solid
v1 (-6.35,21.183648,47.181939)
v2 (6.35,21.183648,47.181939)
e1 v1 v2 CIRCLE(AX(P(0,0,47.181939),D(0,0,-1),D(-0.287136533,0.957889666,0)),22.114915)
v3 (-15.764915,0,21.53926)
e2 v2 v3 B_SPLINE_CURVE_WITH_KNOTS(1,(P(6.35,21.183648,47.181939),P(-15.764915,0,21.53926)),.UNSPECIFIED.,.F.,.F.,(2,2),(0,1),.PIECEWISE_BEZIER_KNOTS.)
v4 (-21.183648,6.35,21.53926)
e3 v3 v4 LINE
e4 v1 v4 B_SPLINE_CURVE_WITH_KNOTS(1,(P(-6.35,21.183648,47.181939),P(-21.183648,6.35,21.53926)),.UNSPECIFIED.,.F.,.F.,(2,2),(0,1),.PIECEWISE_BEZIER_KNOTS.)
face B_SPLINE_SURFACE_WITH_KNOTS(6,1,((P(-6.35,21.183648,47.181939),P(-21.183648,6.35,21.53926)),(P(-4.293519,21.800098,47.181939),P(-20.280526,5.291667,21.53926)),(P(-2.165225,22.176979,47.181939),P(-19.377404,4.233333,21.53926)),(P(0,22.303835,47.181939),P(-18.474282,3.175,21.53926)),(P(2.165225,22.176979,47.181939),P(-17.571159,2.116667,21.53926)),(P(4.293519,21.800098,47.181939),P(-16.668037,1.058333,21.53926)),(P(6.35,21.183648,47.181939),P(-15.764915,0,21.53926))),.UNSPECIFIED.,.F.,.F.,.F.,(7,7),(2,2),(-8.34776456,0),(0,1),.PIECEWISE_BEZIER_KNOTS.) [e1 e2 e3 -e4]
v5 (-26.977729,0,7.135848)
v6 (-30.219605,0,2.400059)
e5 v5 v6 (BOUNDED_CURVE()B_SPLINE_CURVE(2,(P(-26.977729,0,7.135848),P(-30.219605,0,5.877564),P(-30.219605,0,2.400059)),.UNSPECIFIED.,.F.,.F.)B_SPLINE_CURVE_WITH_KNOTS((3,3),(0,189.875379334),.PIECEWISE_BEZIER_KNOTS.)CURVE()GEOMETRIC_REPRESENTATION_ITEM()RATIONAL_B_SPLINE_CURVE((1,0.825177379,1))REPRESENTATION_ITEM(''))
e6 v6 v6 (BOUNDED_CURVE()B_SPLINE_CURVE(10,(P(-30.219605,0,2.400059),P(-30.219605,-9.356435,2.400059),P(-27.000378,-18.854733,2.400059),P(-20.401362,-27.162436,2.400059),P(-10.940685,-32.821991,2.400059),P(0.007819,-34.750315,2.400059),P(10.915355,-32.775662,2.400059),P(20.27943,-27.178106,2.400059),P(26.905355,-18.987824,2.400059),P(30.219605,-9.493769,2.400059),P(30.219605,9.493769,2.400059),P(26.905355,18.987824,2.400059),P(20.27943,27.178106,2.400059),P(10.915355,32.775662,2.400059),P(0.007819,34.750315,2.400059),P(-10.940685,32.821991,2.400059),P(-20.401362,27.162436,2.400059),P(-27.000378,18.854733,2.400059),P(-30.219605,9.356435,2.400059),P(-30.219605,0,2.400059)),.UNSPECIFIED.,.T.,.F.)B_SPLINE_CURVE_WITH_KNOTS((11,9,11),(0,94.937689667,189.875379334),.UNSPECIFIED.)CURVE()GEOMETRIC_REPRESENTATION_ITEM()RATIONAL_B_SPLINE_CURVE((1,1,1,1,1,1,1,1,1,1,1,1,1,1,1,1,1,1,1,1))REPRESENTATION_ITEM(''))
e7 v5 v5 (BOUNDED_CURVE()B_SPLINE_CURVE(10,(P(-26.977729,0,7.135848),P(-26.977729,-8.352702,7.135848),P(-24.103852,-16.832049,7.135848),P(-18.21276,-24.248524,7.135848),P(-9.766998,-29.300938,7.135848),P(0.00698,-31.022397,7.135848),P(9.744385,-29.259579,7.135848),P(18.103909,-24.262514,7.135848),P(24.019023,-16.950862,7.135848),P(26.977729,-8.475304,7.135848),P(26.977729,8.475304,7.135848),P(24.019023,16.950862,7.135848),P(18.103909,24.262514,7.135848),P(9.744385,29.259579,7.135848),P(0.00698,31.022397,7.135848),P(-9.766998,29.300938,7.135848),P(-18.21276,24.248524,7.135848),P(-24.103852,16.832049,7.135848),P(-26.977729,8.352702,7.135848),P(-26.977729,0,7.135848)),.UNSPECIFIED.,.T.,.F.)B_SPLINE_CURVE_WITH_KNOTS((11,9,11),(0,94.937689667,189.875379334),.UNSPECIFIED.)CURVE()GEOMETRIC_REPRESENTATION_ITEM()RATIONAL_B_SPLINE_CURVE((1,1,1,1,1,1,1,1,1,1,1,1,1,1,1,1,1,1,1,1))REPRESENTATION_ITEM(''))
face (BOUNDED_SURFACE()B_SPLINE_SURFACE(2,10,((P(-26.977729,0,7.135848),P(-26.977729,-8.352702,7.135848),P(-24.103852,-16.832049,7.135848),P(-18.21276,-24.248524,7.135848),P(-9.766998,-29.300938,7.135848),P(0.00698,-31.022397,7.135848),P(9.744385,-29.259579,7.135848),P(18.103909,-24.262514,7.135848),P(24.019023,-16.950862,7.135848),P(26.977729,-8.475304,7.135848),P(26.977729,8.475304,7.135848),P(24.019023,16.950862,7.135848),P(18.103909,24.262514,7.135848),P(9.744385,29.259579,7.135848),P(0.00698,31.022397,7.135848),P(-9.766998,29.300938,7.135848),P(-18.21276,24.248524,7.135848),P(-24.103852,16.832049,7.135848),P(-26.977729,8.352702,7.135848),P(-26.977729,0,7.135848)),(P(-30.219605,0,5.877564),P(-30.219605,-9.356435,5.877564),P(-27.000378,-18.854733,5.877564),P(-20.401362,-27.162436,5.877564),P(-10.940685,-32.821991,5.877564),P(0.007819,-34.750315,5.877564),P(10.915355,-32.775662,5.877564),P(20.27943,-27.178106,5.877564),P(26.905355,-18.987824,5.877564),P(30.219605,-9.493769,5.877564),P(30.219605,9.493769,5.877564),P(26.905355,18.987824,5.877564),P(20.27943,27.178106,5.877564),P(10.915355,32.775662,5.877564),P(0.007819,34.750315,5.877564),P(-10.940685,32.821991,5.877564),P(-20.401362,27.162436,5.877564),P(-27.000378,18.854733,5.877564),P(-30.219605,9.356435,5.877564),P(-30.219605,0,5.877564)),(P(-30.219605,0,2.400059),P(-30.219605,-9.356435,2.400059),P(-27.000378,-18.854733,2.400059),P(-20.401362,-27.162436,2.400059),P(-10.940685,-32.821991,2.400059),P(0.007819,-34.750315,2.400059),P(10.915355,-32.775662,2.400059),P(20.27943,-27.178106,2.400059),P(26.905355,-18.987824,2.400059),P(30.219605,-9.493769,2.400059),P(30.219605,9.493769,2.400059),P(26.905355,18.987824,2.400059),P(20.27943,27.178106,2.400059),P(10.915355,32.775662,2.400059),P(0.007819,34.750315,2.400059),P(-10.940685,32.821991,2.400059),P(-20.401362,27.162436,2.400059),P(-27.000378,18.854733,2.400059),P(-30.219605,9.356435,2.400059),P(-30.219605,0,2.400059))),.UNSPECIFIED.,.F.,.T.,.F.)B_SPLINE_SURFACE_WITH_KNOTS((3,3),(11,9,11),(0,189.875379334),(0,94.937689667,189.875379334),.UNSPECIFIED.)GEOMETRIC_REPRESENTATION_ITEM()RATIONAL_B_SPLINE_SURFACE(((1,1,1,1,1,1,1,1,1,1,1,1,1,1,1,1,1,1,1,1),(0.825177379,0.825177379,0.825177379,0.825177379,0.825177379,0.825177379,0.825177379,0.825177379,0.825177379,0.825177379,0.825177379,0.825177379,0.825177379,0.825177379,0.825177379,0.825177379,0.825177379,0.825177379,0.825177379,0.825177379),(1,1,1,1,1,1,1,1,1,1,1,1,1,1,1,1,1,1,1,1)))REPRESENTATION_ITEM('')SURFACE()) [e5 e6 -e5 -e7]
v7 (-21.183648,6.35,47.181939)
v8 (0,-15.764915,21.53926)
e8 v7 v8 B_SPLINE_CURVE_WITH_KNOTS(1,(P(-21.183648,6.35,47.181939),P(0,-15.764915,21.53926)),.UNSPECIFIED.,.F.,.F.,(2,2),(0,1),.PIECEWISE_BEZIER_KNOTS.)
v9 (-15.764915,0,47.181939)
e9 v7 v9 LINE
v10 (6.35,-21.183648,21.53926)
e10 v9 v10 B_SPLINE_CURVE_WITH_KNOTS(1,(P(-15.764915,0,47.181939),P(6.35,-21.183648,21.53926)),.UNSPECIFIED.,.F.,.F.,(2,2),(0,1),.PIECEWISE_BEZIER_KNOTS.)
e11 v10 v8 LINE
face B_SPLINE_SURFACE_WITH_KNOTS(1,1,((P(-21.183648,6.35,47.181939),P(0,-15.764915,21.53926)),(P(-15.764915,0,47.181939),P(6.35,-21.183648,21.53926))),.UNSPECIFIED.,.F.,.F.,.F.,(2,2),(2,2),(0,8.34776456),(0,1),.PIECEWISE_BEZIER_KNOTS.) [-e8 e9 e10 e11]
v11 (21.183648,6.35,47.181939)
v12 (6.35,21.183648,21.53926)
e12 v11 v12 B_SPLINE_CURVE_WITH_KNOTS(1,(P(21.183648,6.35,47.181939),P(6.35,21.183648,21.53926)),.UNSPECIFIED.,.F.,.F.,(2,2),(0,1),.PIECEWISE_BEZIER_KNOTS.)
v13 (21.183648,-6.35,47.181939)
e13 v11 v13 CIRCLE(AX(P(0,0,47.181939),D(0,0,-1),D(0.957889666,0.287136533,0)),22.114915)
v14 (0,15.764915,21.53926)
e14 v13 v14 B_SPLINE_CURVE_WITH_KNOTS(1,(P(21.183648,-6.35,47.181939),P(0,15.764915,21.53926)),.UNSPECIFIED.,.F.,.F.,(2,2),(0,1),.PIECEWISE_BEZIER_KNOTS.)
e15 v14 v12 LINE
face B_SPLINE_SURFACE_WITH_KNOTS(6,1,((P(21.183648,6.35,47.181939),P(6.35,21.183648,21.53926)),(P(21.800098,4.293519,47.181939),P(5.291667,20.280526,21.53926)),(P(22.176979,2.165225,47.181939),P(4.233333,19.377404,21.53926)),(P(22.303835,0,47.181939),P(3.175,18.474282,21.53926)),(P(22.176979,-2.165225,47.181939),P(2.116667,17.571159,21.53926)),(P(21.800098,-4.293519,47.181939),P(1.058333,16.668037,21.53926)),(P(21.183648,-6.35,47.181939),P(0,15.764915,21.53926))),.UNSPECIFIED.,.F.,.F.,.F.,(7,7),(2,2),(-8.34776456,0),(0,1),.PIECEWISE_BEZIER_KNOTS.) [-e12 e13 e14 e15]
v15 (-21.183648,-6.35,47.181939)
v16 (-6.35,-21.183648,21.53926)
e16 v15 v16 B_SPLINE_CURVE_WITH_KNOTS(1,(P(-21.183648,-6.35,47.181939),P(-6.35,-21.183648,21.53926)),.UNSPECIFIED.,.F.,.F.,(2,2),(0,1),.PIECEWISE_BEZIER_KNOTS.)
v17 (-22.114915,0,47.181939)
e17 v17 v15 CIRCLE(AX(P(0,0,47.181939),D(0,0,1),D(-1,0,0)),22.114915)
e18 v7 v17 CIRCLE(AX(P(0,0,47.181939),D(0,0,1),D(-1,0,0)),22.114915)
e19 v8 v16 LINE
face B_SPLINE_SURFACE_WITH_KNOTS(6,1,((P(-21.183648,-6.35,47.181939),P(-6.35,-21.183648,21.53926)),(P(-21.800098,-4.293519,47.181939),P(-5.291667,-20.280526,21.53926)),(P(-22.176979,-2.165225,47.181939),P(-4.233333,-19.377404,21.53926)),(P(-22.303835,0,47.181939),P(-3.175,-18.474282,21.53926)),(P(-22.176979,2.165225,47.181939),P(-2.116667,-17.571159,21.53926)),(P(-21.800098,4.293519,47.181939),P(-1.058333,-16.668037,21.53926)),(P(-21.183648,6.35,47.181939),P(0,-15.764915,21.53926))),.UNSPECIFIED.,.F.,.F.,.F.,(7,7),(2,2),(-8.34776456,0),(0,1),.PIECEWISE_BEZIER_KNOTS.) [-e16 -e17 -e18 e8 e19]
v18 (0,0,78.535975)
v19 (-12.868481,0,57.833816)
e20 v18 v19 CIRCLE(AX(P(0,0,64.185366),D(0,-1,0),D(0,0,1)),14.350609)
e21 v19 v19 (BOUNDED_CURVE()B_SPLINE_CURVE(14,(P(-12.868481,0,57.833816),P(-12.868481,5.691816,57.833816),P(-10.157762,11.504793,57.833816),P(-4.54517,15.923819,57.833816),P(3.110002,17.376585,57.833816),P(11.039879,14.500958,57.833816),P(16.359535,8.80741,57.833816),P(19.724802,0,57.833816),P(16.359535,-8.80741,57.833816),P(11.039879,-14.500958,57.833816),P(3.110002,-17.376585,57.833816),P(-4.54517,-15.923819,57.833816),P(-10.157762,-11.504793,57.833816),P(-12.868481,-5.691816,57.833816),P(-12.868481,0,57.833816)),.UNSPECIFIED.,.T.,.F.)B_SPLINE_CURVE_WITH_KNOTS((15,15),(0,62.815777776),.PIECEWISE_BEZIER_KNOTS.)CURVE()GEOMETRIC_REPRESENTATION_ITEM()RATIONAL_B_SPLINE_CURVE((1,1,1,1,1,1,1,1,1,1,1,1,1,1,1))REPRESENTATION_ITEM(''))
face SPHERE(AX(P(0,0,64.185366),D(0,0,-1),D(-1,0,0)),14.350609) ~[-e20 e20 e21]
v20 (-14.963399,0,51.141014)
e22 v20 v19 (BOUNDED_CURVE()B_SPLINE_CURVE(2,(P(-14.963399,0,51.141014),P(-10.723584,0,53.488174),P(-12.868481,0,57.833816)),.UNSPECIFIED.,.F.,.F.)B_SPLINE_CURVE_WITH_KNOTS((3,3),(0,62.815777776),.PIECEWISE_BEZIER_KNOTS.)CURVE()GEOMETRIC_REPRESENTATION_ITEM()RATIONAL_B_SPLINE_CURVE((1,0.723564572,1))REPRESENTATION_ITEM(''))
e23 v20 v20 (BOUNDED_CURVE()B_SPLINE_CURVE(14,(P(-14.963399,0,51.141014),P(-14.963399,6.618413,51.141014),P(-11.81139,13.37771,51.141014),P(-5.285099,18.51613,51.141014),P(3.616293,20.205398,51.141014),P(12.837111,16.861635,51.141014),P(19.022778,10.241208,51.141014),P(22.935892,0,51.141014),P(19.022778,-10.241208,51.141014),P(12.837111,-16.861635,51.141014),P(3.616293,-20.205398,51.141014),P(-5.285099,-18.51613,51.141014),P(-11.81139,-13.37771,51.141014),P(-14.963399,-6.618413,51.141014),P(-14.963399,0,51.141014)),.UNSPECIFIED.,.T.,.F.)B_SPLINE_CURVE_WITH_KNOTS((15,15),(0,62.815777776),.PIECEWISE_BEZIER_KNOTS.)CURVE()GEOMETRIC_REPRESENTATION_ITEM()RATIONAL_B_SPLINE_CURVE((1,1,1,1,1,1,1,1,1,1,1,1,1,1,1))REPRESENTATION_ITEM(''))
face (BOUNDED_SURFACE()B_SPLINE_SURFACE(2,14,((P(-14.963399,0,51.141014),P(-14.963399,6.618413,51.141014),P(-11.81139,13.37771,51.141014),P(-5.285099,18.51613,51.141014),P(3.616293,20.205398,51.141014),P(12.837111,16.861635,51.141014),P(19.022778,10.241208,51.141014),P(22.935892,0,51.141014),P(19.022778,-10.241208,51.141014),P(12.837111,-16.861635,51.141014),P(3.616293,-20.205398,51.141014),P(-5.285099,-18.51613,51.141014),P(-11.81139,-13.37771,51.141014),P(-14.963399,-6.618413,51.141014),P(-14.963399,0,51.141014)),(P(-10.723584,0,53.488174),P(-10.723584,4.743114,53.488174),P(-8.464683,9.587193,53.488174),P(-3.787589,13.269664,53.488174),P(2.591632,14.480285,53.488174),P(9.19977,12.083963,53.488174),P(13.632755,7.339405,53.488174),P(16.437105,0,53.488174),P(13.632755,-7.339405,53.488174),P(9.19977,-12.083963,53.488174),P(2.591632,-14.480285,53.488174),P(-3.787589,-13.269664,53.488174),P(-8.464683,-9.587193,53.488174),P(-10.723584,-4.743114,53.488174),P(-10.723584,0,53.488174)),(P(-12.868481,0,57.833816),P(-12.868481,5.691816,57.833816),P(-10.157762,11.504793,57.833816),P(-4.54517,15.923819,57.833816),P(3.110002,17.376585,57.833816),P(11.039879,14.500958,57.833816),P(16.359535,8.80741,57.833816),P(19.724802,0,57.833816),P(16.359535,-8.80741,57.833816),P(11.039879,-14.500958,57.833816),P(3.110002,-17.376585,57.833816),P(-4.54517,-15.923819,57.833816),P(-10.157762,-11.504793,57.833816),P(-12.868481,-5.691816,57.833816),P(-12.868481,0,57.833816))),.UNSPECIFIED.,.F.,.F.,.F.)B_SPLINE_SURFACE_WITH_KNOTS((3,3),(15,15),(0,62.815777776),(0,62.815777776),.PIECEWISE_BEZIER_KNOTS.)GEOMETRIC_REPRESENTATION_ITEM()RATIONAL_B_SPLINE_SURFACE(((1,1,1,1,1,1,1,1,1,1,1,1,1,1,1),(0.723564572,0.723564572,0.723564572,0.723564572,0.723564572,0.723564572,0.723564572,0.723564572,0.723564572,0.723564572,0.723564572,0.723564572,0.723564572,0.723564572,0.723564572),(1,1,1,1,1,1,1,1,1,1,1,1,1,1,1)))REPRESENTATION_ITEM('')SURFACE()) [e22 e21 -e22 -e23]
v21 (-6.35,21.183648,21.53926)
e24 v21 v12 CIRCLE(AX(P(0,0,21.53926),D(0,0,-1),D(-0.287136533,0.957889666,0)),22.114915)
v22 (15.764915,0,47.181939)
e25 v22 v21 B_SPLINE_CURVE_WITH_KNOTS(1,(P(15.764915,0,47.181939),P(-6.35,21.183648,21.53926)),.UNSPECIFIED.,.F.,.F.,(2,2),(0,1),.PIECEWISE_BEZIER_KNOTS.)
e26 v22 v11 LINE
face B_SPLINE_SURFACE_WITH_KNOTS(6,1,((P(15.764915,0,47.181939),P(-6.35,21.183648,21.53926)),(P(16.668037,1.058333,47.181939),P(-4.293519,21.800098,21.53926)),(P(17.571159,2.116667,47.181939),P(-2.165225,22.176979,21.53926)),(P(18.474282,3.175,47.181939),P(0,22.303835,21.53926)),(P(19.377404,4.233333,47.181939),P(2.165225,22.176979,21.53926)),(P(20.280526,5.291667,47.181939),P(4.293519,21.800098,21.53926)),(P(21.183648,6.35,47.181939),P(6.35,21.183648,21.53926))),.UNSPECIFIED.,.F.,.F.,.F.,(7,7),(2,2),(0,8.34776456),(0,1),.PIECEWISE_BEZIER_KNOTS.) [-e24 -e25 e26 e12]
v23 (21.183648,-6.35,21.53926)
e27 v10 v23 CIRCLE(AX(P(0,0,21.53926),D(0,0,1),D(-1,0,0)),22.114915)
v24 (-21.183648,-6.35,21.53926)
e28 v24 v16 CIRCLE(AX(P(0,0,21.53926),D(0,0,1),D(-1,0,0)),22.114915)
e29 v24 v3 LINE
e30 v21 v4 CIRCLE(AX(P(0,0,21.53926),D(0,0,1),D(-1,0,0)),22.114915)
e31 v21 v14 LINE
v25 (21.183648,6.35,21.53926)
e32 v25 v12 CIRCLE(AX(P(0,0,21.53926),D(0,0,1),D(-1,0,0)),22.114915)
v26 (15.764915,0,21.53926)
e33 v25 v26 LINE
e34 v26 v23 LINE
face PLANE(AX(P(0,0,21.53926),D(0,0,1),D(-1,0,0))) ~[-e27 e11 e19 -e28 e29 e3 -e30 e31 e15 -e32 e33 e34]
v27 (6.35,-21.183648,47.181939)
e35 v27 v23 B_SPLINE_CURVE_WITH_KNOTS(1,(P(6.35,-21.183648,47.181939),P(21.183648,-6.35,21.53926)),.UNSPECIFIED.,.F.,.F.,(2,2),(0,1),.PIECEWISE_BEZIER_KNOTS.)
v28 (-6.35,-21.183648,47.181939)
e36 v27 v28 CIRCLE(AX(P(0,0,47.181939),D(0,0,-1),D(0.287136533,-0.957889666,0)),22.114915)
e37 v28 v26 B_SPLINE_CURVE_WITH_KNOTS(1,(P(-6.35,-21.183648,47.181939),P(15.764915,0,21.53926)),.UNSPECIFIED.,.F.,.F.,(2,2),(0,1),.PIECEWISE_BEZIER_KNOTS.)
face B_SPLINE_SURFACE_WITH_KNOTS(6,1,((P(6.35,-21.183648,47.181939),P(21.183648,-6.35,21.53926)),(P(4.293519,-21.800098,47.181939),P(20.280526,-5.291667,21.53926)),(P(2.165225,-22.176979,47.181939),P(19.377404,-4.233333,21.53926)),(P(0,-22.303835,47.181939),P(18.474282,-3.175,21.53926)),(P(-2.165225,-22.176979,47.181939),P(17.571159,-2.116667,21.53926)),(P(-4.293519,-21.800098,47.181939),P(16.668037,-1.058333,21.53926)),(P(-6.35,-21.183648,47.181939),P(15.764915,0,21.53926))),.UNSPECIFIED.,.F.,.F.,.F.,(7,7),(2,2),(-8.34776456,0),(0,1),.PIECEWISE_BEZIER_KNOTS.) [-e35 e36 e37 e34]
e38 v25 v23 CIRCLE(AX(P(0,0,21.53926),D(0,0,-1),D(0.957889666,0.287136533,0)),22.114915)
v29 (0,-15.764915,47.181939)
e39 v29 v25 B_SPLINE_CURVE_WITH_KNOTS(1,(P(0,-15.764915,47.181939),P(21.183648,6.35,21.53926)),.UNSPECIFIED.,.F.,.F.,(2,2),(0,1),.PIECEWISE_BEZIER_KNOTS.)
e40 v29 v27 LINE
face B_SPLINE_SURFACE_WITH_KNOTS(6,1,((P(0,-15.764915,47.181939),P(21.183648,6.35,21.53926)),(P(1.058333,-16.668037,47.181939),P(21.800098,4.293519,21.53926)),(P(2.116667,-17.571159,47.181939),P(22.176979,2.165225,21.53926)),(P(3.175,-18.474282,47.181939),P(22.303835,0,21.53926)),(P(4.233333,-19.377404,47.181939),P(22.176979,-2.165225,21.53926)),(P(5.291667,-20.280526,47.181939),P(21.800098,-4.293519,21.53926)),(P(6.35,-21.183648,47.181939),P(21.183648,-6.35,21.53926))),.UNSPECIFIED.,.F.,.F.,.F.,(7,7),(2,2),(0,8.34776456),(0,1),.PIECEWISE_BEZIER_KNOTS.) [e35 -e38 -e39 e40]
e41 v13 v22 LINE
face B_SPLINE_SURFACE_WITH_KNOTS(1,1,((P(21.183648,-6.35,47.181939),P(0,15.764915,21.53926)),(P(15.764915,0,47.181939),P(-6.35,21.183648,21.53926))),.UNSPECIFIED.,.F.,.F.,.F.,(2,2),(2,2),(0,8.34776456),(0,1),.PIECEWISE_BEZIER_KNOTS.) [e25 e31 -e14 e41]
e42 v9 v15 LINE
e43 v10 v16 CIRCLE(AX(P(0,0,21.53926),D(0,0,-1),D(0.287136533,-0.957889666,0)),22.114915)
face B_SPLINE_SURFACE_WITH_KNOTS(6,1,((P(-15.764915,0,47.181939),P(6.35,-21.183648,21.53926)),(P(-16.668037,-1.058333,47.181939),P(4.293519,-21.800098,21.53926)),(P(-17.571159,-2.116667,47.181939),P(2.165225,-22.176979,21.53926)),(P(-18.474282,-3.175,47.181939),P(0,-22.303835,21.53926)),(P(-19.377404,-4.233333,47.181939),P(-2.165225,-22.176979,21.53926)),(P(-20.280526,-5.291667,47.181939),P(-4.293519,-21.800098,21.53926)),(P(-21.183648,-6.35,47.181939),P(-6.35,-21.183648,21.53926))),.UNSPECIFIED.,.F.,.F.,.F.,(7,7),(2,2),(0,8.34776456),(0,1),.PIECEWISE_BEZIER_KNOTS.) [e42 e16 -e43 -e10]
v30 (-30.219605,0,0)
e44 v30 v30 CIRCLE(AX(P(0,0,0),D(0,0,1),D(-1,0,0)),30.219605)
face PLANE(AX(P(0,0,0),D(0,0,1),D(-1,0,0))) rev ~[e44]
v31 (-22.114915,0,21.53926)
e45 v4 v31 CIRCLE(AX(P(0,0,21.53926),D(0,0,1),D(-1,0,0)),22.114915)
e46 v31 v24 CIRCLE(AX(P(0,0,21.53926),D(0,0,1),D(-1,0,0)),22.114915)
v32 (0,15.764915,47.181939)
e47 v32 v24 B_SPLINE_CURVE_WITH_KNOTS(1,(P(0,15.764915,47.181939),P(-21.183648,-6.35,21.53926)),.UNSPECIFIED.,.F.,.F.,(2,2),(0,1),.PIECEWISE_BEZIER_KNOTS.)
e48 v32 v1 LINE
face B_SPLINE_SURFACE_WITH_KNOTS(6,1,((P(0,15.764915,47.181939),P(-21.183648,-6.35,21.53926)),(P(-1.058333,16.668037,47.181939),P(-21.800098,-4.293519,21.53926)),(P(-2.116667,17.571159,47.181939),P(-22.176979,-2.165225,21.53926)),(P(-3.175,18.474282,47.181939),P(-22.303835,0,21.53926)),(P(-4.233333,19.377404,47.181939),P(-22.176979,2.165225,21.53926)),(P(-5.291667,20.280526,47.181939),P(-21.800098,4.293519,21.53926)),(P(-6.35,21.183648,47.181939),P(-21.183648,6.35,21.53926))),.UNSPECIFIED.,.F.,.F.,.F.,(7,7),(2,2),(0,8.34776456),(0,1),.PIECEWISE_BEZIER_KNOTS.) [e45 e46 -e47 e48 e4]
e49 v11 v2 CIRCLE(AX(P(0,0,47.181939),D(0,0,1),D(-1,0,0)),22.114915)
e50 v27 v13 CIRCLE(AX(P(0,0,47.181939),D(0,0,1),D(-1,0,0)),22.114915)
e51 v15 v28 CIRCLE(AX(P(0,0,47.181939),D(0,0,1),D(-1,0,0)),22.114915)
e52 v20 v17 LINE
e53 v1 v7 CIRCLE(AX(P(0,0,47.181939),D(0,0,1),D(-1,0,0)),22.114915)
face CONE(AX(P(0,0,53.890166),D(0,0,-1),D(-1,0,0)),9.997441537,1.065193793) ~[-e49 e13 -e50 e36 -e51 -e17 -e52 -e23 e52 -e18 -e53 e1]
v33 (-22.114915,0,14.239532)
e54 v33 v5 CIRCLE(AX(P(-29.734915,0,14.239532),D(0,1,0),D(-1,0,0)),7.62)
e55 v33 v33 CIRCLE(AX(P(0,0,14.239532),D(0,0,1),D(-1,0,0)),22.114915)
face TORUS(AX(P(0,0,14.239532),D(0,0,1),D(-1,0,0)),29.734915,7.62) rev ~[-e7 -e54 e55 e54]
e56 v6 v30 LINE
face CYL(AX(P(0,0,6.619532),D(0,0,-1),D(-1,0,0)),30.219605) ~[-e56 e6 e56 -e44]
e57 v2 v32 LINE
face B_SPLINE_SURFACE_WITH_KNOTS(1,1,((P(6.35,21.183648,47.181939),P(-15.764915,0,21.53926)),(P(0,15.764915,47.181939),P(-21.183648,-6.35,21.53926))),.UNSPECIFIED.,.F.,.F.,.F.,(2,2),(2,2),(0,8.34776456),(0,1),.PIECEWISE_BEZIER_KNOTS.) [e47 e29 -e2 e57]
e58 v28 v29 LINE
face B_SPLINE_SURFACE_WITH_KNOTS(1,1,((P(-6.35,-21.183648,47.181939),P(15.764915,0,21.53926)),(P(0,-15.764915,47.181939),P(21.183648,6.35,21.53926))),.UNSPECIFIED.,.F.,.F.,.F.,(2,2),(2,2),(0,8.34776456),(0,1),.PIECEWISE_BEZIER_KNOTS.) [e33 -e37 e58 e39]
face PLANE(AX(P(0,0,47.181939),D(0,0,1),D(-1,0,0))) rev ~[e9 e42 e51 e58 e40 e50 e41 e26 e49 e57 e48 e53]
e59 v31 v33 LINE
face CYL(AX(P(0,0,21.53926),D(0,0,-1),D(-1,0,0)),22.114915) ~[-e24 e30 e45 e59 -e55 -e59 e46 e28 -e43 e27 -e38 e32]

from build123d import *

# Parameters (mm, degrees)
F5_COUNT = 4
F6_R     = 7.62
F7_R     = 5.08
F8_R     = 5.08


with BuildPart() as f1:
    # F0 (on Front) → F1 (revolve)
    with BuildSketch(Plane.XZ):
        Polygon((-30.2196051925, 0), (0, 0), (0, 21.5392599132), (-22.1149149458, 21.5392599132), (-22.1149149458, 6.6195321269), (-30.2196051925, 6.6195321269), align=None)
    revolve(axis=Axis((0, 0, 62.8589570214), (0, 0, 1)))



with BuildPart() as f1b:
    # F0 (on Front) → F1, piece 2 (revolve)
    with BuildSketch(Plane.XZ):
        with BuildLine():
            Line((-22.1149149458, 47.1819389861), (0, 47.1819389861))
            Line((0, 47.1819389861), (0, 78.5359750567))
            ThreePointArc((0, 78.5359750567), (-13.2981646967, 69.5796959287), (-9.9974415372, 53.8901660841))
            Line((-9.9974415372, 53.8901660841), (-22.1149149458, 47.1819389861))
        make_face()
    revolve(axis=Axis((0, 0, 62.8589570214), (0, 0, 1)))


with BuildPart() as f1_1:
    add(f1.part)

    add(f1b.part)  # F4 merges F1b
    # F3 (on face) → F4 section 0
    with BuildSketch(Plane(origin=(0, 0, 47.1819389861), x_dir=(1, 0, 0), z_dir=(0, 0, -1))):
        with BuildLine():
            Line((-15.7649149458, 0), (-21.1836484832, 6.35))
            ThreePointArc((-21.1836484832, 6.35), (-22.1149149458, 0), (-21.1836484832, -6.35))
            Line((-21.1836484832, -6.35), (-15.7649149458, 0))
        make_face()
    # F2 (on face) → F4 section 1
    with BuildSketch(Plane.XY.offset(21.5392599132)):
        with BuildLine():
            Line((0, -15.7649149458), (-6.35, -21.1836484832))
            ThreePointArc((-6.35, -21.1836484832), (0, -22.1149149458), (6.35, -21.1836484832))
            Line((6.35, -21.1836484832), (0, -15.7649149458))
        make_face()
    loft()

    # F5: F1 ×4 about axis
    f5_axis = Axis((0, 0, 21.5392599132), (0, 0, 1))


with BuildPart() as f1_2:
    add(f1_1.part)
    for i in range(1, F5_COUNT):
        add(f1_1.part.rotate(f5_axis, i * 360 / F5_COUNT))

    # F6
    f6_edges = [f1_2.edges().sort_by_distance(p)[0] for p in [
        (22.114915, 0, 6.619532),
    ]]
    fillet(f6_edges, radius=F6_R)

    # F7
    f7_edges = [f1_2.edges().sort_by_distance(p)[0] for p in [
        (30.219605, 0, 6.619532),
    ]]
    fillet(f7_edges, radius=F7_R)

    # F8
    f8_edges = [f1_2.edges().sort_by_distance(p)[0] for p in [
        (9.997442, 0, 53.890166),
    ]]
    fillet(f8_edges, radius=F8_R)


solid = f1_2.part
